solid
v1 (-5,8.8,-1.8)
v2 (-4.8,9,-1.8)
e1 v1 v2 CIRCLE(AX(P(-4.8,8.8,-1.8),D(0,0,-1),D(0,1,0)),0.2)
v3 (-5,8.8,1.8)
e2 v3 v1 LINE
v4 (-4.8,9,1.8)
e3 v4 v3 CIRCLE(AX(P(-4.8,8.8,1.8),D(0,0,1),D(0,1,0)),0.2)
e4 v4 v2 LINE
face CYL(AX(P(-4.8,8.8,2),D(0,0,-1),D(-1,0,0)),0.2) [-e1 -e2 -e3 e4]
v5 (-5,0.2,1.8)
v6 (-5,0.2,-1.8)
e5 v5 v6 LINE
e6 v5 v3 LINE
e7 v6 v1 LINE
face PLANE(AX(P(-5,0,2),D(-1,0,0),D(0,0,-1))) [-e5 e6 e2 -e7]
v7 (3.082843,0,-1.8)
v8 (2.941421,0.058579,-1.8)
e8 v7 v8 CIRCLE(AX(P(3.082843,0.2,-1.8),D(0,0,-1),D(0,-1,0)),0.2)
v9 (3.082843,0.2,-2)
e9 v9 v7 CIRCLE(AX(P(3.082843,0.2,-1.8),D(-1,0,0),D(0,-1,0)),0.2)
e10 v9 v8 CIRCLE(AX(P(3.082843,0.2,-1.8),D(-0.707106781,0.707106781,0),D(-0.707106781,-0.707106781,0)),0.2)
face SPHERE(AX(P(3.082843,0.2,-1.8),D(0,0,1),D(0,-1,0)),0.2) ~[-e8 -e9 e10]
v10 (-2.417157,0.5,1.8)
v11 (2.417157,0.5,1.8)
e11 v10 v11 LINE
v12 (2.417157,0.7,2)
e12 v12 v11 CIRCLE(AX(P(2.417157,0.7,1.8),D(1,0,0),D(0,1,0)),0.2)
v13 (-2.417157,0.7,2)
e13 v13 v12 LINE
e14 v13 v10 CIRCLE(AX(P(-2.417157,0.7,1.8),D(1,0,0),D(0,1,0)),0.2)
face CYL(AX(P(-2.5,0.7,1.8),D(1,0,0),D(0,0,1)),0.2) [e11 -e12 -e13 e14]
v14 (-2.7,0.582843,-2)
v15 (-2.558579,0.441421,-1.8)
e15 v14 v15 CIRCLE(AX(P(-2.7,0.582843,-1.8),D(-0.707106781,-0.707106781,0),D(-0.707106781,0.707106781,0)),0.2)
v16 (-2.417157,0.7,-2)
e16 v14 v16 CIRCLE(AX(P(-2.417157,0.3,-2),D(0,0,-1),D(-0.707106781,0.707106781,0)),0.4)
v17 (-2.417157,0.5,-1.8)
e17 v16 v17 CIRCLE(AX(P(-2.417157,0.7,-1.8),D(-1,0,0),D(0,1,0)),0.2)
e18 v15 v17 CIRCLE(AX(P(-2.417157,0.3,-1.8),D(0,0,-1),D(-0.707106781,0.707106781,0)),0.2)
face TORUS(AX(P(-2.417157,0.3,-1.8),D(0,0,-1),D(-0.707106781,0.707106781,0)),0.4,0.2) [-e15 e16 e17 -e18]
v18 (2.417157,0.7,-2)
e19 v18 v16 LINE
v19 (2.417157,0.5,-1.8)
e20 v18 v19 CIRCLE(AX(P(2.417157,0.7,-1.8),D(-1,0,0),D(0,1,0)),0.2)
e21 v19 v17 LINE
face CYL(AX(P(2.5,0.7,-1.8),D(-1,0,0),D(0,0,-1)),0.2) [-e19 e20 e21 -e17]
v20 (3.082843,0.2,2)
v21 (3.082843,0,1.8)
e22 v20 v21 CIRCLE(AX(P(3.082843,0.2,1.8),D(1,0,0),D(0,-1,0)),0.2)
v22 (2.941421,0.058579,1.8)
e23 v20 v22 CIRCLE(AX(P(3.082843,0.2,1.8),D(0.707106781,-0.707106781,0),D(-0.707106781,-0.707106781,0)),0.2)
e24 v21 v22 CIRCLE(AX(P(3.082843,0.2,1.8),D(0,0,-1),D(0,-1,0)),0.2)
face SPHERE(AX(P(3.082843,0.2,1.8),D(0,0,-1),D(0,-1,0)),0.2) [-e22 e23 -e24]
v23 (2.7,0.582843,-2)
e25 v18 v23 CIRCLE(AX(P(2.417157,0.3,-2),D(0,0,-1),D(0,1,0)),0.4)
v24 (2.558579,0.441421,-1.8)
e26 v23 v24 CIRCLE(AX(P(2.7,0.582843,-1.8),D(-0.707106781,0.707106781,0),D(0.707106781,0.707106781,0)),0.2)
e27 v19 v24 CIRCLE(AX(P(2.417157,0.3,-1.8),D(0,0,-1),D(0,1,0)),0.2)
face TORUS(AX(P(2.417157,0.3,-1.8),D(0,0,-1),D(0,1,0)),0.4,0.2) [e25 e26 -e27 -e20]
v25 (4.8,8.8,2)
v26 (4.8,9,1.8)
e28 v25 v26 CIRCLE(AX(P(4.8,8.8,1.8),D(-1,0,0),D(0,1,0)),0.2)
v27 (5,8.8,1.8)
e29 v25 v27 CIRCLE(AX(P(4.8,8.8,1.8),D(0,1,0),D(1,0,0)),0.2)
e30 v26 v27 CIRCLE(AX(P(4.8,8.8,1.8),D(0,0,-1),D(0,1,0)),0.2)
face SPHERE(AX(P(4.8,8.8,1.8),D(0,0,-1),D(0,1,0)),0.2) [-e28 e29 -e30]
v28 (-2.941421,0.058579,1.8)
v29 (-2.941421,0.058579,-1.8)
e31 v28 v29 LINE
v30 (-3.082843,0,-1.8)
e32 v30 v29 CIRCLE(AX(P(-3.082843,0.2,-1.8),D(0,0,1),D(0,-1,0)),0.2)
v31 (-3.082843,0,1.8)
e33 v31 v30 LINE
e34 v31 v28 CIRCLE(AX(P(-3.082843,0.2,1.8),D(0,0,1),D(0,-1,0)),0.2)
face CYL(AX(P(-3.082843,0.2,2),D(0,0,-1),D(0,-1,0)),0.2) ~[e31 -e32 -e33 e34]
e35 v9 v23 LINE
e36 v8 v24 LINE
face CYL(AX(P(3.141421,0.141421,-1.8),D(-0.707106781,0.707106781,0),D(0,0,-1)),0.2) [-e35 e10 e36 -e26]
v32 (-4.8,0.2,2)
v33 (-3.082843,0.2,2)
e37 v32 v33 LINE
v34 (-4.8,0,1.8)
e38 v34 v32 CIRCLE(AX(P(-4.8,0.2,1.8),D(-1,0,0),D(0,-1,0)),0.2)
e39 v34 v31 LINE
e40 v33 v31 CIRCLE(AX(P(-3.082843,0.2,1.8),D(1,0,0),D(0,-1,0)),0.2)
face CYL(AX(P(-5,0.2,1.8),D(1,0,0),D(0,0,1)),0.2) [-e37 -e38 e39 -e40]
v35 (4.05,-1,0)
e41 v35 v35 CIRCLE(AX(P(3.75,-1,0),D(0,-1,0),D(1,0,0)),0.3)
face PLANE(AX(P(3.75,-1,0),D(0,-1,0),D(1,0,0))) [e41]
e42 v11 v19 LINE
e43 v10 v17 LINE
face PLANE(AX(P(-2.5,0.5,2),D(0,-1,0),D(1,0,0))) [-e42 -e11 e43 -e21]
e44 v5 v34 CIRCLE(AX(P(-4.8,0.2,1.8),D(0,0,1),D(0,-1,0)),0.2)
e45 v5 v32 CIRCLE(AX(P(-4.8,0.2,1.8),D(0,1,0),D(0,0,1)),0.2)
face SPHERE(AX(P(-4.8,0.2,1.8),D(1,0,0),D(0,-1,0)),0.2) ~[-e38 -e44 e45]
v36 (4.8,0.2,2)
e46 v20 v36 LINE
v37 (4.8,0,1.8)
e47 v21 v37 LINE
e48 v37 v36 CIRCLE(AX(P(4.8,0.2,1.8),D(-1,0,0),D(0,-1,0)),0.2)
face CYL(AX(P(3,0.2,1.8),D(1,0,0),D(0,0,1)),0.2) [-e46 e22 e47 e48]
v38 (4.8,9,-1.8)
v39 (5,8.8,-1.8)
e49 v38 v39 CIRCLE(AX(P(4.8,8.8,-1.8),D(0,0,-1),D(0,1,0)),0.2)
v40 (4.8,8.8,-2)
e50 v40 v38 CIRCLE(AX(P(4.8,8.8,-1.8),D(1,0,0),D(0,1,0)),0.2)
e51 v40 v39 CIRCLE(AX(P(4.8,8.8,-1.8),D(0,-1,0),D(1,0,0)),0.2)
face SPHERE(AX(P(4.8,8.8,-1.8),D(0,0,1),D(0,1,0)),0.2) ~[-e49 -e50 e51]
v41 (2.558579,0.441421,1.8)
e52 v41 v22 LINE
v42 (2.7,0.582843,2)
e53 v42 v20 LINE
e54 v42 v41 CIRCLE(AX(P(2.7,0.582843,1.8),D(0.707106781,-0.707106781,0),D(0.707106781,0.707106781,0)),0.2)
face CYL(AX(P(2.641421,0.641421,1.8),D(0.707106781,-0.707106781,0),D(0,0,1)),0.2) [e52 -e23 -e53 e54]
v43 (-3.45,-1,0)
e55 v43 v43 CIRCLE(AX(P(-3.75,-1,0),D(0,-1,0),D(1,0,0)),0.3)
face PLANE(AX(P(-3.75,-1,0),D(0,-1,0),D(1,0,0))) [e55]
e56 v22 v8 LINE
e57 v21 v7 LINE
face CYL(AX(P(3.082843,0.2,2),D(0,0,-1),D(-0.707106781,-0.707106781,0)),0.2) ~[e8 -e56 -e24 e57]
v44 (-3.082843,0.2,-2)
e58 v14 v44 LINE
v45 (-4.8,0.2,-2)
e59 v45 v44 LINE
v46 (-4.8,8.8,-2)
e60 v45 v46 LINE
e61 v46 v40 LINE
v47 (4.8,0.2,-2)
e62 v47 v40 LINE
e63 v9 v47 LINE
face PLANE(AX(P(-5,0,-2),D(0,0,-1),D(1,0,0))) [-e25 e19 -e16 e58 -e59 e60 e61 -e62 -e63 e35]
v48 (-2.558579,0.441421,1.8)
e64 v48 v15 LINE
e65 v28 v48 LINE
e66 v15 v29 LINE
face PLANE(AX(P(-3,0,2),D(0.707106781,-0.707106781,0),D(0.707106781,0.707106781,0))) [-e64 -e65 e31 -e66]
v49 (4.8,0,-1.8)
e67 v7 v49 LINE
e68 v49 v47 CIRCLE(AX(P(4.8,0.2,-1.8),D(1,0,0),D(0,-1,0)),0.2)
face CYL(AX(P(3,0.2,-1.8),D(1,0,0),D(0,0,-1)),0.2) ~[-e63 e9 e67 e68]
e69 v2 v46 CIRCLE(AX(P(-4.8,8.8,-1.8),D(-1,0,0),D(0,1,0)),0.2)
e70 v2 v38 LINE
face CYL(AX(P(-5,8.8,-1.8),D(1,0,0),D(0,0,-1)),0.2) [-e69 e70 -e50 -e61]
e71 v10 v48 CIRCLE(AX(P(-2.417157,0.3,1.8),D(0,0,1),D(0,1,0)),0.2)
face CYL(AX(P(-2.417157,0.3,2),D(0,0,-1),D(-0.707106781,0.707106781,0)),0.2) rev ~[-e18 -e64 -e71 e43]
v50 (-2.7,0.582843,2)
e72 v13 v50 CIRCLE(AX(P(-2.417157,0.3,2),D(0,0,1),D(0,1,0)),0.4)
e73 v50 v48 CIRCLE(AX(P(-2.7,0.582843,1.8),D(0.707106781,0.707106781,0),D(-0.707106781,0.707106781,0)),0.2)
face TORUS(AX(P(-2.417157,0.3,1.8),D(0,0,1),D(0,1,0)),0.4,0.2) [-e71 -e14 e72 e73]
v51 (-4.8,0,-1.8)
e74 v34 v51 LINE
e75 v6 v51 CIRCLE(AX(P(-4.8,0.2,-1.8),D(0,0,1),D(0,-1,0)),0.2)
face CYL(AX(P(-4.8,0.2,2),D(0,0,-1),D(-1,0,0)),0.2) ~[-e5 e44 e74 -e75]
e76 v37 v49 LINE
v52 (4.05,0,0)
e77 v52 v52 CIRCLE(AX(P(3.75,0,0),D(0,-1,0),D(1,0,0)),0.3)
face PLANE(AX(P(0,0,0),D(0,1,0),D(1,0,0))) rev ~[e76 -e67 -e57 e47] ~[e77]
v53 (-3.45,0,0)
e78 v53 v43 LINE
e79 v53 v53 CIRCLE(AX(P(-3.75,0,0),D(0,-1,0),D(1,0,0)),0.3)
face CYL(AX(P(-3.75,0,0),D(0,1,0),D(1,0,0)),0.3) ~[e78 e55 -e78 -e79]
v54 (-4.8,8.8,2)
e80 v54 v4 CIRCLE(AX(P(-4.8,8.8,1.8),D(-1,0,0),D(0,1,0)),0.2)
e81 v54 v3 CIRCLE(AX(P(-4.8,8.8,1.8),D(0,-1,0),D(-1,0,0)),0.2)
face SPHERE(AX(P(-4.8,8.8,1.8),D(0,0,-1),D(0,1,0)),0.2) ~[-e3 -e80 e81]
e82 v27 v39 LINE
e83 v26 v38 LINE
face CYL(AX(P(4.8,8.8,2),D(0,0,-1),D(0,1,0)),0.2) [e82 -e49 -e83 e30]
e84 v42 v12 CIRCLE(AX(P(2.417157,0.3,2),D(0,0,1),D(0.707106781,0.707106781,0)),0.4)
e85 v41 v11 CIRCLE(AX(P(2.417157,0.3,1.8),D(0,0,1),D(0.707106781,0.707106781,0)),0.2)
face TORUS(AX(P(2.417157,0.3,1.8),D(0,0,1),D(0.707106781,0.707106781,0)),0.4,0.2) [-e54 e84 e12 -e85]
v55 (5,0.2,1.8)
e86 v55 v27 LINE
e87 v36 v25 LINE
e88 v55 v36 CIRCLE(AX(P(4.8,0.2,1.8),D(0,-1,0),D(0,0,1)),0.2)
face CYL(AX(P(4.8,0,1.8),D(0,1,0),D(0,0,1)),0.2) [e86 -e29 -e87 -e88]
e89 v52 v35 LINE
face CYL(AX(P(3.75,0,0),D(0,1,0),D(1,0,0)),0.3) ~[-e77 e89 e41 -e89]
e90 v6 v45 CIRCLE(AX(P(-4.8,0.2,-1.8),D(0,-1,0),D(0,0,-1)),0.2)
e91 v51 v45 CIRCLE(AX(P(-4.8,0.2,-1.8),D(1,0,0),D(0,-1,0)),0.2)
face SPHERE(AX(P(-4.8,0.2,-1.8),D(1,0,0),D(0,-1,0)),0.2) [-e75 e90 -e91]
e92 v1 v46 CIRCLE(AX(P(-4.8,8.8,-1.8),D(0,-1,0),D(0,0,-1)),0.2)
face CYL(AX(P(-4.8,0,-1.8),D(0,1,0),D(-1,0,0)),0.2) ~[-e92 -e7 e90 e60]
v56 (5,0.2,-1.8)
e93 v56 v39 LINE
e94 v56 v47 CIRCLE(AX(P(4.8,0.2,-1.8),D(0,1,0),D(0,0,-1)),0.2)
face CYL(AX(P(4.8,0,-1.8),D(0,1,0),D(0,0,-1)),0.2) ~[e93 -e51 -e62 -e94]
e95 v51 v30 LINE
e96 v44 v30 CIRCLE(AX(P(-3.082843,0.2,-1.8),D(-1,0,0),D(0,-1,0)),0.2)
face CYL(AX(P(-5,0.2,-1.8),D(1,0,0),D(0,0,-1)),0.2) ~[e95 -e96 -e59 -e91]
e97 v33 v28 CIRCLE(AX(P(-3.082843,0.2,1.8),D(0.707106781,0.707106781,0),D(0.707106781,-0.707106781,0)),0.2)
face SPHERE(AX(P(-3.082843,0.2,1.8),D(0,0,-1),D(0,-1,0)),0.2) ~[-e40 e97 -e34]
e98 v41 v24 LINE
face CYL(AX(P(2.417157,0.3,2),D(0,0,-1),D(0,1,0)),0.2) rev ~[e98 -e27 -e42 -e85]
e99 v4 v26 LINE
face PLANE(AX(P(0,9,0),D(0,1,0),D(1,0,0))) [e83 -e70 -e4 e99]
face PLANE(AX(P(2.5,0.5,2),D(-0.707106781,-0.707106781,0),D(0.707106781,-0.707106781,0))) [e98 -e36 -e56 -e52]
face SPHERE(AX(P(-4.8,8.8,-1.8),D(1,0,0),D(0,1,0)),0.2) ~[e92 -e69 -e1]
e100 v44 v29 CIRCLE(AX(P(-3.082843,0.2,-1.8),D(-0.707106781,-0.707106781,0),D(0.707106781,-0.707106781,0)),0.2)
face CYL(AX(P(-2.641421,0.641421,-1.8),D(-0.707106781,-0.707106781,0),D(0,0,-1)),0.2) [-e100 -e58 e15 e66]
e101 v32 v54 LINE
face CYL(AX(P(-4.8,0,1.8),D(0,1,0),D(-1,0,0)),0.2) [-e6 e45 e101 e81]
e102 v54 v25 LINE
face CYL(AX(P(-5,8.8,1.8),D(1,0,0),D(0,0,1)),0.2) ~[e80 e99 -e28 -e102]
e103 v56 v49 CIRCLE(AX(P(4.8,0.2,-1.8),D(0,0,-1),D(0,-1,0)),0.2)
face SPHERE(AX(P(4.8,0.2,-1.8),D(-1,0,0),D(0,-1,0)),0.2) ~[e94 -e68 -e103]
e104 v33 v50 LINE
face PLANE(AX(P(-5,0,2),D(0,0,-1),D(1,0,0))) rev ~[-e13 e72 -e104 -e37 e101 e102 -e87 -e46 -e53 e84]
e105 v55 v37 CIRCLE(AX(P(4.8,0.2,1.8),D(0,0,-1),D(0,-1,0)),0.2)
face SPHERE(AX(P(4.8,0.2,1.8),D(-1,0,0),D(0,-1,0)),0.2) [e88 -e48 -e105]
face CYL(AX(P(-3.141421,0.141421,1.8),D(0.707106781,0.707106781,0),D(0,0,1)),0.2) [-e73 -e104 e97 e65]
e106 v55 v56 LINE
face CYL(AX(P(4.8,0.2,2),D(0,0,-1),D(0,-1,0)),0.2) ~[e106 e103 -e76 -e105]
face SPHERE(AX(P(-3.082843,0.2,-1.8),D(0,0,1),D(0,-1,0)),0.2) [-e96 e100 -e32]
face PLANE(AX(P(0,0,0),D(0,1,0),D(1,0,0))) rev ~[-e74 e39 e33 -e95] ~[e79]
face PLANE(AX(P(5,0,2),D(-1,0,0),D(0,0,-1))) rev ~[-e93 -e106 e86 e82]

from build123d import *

# Parameters (mm, degrees)
SKETCH1_W           = 10
SKETCH1_H           = 4
BOSS_EXTRUDE1_DEPTH = 9
CUT_EXTRUDE1_DEPTH  = 5
SKETCH3_R           = 0.3
BOSS_EXTRUDE2_DEPTH = 1
FILLET1_R           = 0.2


with BuildPart() as part:
    # Sketch1 → Boss-Extrude1 (new body)
    with BuildSketch(Plane(origin=(0, 0, 0), x_dir=(1, 0, 0), z_dir=(0, 1, 0))):
        Rectangle(SKETCH1_W, SKETCH1_H)
    extrude(amount=BOSS_EXTRUDE1_DEPTH)

    # Sketch2 → Cut-Extrude1 (cut, through all)
    with BuildSketch(Plane.XY.offset(2)):
        Polygon((-3, 0), (-2.5, 0.5), (2.5, 0.5), (3, 0), (3, -1.5), (-3, -1.5), align=None)
    extrude(amount=-CUT_EXTRUDE1_DEPTH, mode=Mode.SUBTRACT)

    # Sketch3 → Boss-Extrude2 (add)
    with BuildSketch(Plane.XZ):
        with Locations((3.75, 0)):
            Circle(SKETCH3_R)
        with Locations((-3.75, 0)):
            Circle(SKETCH3_R)
    extrude(amount=BOSS_EXTRUDE2_DEPTH)

    # Fillet1
    fillet1_edges = [part.edges().sort_by_distance(p)[0] for p in [
        (5, 9, 0),
        (0, 9, -2),
        (-4, 0, -2),
        (4, 0, 2),
        (2.75, 0.25, 2),
        (0, 0.5, 2),
        (-2.75, 0.25, 2),
        (-2.75, 0.25, -2),
        (-3, 0, 0),
        (0, 0.5, -2),
        (-2.5, 0.5, 0),
        (2.75, 0.25, -2),
        (2.5, 0.5, 0),
        (3, 0, 0),
        (-5, 9, 0),
        (4, 0, -2),
        (5, 0, 0),
        (-4, 0, 2),
        (-5, 0, 0),
        (0, 9, 2),
        (-5, 4.5, -2),
        (5, 4.5, -2),
        (5, 4.5, 2),
        (-5, 4.5, 2),
    ]]
    fillet(fillet1_edges, radius=FILLET1_R)


solid = part.part
